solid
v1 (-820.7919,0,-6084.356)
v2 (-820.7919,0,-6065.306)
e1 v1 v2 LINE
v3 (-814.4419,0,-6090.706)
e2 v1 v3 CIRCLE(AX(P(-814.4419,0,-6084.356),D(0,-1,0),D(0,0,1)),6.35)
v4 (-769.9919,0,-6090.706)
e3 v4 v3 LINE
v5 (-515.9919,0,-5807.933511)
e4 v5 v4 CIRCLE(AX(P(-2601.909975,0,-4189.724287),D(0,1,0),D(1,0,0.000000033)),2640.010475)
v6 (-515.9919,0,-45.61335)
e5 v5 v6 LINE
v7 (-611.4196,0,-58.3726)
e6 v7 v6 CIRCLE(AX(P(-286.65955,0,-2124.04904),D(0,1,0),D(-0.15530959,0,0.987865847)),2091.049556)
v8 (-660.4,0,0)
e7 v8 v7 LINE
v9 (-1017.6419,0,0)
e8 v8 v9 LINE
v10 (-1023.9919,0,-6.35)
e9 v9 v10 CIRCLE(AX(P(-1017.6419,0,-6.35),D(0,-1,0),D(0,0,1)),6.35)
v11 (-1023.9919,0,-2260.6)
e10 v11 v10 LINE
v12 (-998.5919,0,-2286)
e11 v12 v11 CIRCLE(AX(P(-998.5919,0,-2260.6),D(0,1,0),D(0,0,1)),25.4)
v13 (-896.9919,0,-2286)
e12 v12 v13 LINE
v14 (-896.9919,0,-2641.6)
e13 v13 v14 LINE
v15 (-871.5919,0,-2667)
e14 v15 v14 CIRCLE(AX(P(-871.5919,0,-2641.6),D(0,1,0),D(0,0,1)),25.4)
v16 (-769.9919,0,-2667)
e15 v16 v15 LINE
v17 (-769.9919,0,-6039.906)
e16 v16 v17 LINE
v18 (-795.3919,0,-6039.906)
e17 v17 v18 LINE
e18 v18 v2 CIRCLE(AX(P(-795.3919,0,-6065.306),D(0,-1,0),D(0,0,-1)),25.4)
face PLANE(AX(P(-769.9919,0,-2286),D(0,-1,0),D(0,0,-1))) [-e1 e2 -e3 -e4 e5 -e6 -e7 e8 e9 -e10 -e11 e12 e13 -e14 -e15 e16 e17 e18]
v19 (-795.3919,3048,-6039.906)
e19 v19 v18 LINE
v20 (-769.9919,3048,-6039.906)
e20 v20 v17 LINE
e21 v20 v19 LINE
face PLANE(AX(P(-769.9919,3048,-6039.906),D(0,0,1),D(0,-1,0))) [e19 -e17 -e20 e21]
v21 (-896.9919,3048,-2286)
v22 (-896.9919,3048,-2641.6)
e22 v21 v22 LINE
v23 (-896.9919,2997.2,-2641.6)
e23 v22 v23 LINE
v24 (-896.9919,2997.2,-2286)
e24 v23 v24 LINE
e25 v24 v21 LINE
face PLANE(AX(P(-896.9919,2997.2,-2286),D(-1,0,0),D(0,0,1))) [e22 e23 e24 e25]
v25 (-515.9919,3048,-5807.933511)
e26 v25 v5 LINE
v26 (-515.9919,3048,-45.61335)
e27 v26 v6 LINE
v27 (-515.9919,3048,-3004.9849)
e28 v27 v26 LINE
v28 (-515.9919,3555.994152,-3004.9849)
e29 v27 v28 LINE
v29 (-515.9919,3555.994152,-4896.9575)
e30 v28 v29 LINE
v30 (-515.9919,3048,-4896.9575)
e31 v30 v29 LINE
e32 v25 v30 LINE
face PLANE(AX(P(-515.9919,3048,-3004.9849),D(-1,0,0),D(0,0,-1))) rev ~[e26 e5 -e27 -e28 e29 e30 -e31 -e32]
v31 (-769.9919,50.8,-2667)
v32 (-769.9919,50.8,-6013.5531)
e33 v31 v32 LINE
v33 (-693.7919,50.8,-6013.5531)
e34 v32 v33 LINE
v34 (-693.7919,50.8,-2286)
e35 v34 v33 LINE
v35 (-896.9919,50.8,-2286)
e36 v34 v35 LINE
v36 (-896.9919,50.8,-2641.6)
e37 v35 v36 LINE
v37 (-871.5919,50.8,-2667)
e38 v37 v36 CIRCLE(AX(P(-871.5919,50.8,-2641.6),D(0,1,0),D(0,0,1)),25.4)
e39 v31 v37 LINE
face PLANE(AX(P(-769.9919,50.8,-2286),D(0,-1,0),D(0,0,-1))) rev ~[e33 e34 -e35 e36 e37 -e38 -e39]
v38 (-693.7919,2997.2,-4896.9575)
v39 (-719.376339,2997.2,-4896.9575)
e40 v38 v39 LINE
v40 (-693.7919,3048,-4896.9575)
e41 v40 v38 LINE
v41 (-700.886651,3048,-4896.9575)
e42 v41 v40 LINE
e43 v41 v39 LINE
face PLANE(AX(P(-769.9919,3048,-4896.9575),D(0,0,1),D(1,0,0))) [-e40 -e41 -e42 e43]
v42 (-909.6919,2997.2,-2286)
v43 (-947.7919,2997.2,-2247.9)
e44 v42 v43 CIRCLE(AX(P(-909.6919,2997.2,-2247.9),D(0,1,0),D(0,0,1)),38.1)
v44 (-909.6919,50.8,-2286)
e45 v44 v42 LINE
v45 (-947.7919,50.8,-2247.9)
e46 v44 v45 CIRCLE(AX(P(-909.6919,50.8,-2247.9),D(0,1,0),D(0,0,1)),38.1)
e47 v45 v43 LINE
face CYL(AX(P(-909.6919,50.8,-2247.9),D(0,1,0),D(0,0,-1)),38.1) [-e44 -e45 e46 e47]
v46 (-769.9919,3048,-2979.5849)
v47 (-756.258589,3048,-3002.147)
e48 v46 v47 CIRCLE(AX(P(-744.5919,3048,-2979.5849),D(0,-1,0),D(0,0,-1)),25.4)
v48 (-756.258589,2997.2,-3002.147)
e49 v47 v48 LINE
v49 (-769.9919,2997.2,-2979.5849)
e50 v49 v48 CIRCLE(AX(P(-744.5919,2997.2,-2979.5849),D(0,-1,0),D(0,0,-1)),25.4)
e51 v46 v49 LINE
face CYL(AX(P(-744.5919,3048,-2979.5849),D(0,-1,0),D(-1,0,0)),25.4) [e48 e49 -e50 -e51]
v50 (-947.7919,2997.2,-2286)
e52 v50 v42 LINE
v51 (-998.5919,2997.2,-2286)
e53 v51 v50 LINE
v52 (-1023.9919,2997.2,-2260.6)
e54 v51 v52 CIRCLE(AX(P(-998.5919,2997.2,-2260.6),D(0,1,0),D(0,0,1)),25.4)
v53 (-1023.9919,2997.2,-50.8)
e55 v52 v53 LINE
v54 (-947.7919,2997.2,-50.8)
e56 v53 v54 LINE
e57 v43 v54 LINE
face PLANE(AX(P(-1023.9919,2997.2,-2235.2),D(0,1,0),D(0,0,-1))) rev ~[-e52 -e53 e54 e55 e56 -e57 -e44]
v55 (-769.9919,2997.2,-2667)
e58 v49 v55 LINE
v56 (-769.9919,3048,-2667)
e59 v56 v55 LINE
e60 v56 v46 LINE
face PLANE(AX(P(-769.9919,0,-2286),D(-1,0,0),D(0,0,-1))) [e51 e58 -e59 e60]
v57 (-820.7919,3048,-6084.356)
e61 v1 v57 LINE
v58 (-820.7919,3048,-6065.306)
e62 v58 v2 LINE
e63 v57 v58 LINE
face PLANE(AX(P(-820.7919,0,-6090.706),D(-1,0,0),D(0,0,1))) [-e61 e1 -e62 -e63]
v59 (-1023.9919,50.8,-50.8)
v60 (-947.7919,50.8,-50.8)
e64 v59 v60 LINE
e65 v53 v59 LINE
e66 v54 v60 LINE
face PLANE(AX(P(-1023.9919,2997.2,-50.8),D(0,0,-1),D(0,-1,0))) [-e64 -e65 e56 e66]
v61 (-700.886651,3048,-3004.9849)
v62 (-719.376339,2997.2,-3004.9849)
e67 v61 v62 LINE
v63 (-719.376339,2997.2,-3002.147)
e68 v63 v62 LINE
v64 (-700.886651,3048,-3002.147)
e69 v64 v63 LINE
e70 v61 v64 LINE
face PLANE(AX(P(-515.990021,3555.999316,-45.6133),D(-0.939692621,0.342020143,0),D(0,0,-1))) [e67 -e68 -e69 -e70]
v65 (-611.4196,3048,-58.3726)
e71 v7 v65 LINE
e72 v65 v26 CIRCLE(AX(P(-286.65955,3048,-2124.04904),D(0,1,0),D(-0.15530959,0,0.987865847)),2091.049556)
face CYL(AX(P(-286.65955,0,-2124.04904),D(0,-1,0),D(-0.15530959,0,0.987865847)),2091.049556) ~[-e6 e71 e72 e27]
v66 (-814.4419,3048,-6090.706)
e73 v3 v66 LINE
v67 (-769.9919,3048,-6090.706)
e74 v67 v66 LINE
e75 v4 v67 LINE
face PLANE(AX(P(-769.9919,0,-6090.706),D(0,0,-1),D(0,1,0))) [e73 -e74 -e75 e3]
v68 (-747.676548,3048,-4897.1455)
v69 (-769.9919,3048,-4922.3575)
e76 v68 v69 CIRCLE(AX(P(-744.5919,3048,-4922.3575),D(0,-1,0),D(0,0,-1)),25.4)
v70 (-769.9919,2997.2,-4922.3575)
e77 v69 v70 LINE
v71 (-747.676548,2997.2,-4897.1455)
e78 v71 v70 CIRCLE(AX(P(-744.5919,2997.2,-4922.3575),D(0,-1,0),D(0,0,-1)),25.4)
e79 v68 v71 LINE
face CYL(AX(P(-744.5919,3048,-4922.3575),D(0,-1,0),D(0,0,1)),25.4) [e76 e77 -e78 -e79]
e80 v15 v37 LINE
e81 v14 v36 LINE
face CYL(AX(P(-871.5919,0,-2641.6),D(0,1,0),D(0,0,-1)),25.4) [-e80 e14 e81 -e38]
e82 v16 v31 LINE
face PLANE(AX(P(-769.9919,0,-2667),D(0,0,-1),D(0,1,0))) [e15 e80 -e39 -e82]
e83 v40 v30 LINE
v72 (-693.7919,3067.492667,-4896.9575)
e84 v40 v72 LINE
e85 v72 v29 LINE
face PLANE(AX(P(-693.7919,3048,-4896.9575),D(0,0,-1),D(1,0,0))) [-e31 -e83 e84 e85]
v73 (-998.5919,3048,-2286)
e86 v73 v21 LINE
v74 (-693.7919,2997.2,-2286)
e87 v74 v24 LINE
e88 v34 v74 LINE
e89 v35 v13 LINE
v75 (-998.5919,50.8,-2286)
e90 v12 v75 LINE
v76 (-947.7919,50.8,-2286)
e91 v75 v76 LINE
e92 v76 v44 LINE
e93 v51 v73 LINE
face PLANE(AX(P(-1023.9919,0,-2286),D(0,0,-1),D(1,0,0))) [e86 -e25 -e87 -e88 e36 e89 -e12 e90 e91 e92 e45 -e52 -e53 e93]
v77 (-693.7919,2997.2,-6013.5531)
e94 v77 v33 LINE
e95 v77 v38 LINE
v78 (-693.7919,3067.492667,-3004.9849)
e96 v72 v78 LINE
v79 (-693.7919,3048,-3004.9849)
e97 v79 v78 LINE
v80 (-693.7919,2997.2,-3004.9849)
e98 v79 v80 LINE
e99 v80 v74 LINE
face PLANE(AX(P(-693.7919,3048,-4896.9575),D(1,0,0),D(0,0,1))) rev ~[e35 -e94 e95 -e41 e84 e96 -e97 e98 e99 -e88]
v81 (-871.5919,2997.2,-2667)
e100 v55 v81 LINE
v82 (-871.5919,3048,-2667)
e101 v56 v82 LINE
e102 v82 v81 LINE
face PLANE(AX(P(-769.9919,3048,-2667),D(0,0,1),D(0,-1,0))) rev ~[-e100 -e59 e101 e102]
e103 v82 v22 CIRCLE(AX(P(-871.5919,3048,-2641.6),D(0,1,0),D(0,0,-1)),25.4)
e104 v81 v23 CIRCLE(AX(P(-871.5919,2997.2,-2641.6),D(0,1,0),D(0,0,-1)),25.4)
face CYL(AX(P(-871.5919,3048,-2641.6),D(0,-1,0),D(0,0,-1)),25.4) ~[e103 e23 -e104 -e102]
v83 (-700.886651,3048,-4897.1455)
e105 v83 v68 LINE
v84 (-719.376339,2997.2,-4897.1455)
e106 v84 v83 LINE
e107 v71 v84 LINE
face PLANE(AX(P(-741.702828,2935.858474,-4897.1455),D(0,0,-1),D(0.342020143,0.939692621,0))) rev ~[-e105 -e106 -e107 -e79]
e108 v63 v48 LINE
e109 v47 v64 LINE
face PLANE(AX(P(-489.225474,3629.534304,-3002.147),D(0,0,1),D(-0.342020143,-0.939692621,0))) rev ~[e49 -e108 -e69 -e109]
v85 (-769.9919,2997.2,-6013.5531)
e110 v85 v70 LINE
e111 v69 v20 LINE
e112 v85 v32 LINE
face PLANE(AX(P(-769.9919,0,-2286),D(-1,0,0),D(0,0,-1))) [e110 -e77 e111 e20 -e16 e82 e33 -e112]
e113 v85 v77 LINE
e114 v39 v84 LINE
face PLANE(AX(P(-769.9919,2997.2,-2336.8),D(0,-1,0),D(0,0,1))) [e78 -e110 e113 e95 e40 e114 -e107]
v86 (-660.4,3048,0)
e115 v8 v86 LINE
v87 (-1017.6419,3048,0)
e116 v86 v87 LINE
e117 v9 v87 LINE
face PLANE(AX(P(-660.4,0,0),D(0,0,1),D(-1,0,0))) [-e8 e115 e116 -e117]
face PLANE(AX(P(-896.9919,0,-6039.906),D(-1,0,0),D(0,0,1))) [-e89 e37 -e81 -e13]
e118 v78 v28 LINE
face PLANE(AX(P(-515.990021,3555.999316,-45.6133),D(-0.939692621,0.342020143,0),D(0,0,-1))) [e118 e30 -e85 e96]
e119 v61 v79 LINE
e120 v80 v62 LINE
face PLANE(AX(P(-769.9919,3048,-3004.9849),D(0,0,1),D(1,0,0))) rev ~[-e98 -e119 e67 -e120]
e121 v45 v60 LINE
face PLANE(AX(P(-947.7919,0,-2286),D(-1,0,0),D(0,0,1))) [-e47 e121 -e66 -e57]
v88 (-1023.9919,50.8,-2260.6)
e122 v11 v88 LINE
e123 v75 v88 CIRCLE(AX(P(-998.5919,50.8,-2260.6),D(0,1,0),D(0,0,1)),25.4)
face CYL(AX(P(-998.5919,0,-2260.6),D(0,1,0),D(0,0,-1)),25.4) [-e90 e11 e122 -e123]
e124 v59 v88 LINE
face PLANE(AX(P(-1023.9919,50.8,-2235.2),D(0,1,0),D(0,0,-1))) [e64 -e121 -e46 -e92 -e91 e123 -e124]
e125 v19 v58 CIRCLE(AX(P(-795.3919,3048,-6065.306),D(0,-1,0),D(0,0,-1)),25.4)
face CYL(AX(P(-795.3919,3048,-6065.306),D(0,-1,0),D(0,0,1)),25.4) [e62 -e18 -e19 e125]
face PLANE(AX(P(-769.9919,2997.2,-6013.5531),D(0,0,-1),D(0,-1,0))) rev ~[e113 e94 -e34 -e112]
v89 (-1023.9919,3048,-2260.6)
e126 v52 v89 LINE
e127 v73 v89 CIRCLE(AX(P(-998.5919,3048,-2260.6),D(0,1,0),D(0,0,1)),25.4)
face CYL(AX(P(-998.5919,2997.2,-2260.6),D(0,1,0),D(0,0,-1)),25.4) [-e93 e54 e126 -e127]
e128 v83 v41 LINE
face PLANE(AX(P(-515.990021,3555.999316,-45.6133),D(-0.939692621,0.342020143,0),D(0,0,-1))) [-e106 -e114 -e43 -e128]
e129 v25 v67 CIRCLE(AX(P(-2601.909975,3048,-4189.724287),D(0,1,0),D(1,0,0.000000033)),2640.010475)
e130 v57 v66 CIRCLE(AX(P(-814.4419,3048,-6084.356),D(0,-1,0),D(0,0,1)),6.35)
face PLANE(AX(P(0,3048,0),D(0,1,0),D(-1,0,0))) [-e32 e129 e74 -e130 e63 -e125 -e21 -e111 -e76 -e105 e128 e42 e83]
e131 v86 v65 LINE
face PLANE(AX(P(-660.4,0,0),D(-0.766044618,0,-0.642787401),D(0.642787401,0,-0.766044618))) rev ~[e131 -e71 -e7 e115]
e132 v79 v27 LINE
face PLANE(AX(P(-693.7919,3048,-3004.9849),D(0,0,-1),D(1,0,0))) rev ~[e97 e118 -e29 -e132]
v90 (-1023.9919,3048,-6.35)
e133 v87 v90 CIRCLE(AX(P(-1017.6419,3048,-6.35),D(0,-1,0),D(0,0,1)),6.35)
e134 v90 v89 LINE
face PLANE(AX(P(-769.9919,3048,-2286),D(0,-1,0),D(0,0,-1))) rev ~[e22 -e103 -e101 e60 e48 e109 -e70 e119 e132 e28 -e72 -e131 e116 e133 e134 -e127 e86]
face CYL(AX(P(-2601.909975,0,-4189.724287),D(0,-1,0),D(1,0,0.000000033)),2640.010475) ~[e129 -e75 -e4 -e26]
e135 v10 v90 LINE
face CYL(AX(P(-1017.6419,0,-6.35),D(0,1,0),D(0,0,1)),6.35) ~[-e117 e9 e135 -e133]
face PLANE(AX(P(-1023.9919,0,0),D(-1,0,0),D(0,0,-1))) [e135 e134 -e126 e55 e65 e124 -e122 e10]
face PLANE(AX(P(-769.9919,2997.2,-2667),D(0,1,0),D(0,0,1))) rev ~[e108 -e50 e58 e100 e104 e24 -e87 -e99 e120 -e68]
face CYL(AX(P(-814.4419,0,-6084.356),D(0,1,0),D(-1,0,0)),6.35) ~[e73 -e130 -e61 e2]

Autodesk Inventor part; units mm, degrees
ref_plane "YZ Plane" through (0, 0, 0) normal (1, 0, 0) x (0, 1, 0)
ref_plane "XZ Plane" through (0, 0, 0) normal (0, 1, 0) x (-1, 0, 0)
sketch "Sketch1" plane through (0, 0, 0) normal (0, 1, 0) x (-1, 0, 0)
  line L0 (0, 0) -> (1023.9919, 0)
  line L1 (1023.9919, 0) -> (1023.9919, -167.3096)
  line L2 (0, 0) -> (508, 0)
  line L3 (1023.9919, 0) -> (660.4, 0)
  line L4 (660.4, 0) -> (611.4196, -58.3726)
  arc A0 (611.4196, -58.3726) -> (-38.1005, -58.3726) centre (286.6596, -2124.0484) ccw
  line L5 (1023.9919, 0) -> (660.4, 0)
  line L6 (769.9919, -2286) -> (769.9919, -6090.706)
  arc A1 (-38.1005, -4189.7242) -> (769.9919, -6090.706) centre (2601.9104, -4189.7242) ccw
  line L7 (-38.1005, -58.3726) -> (-38.1005, -4189.7242)
  line L8 (1023.9919, 0) -> (1023.9919, -2286)
  line L9 (1023.9919, -2286) -> (769.9919, -2286)
  dimension "d1" = 6096
  dimension "d2" = 508
  dimension "d11" = 76.2
  dimension "d12" = 130
  dimension "d49" = 2286
  dimension "d51" = 254
extrude "Extrusion1" add sketch "Sketch1" along normal blind 3048
sketch "Sketch6" plane through (-769.9919, 0, -6090.706) normal (-1, 0, 0) x (0, 0, 1)
  line L0 (0, 0) -> (0, 3048) projected
  line L1 (0, 0) -> (3804.706, 0) projected
  line L2 (0, 3048) -> (50.8, 3048)
  line L3 (50.8, 3048) -> (50.8, 0)
  line L4 (50.8, 0) -> (0, 0)
  line L5 (0, 0) -> (0, 3048)
  point P0 (6090.706, 0)
  dimension "d33" = 50.8
extrude "Extrusion6" add sketch "Sketch6" along normal blind 50.8
fillet "Fillet1" radius 25.4 1 edges at (-820.7919, 1524, -6039.906)
fillet "Fillet2" radius 6.35 1 edges at (-820.7919, 1524, -6090.706)
fillet "Fillet4" radius 25.4 1 edges at (38.1005, 1524, -58.3726)
fillet "Fillet7" radius 6.35 1 edges at (-1023.9919, 1524, 0)
sketch "Sketch11" plane through (-769.9919, 0, -2286) normal (-1, 0, 0) x (0, 0, 1)
  line L0 (0, 0) -> (0, 3048) projected
  line L1 (-3753.906, 0) -> (0, 0) projected
  line L2 (0, 3048) -> (-3753.906, 3048)
  line L3 (-3753.906, 3048) -> (-3753.906, 0)
  line L4 (-3753.906, 0) -> (0, 0)
  line L5 (0, 0) -> (0, 3048)
  line L6 (-3753.906, 0) -> (0, 0)
  line L7 (0, 0) -> (0, 3048)
  line L8 (0, 3048) -> (-3753.906, 3048)
  line L9 (-3753.906, 3048) -> (-3753.906, 0)
  line L10 (-50.8, 2997.2) -> (-3727.5531, 2997.2)
  line L11 (-3727.5531, 2997.2) -> (-3727.5531, 50.8)
  line L12 (-3727.5531, 50.8) -> (-50.8, 50.8)
  line L13 (-50.8, 50.8) -> (0, 50.8)
  line L14 (-50.8, 2997.2) -> (0, 2997.2)
  point P0 (2286, 0)
  dimension "d55" = 50.8
  dimension "d56" = 50.8
extrude "Extrusion9" cut sketch "Sketch11" against normal blind 76.2 contours L13 L12 L11 L10 L14 L0
ref_plane "Work Plane12" through (-515.9919, 0, -1905) normal (-1, 0, 0) x (0, 0, 1)
sketch "Sketch12" plane through (-515.9919, 0, -1905) normal (-1, 0, 0) x (0, 0, 1)
  line L0 (2216.3698, -160.707) -> (-4488.1257, -160.707)
  line L1 (-4488.1257, -160.707) -> (-4488.1257, 3204.096)
  line L2 (-4488.1257, 3204.096) -> (2216.3698, 3204.096)
  line L3 (2216.3698, 3204.096) -> (2216.3698, -160.707)
  point P0 (1905, 0)
extrude "Extrusion10" cut sketch "Sketch12" against normal blind 1270
ref_plane "Work Plane13" through (-515.9919, 3048, -3043.1155) normal (1, 0, 0) x (0, 0, -1)
sketch "Sketch13" plane through (0, 3048, 0) normal (0, 1, 0) x (1, 0, 0)
  line L0 (-769.9919, 6039.906) -> (-769.9919, 2286) projected
  line L1 (-769.9919, 2286) -> (-769.9919, 3004.9849)
  line L2 (-769.9919, 6039.9575) -> (-769.9919, 4896.9575)
  line L3 (-769.9919, 3004.9849) -> (-693.7919, 3004.9849)
  line L4 (-693.7919, 3004.9849) -> (-693.7919, 4896.9575)
  line L5 (-693.7919, 6013.5531) -> (-693.7919, 2286) projected
  line L6 (-769.9919, 4896.9575) -> (-693.7919, 4896.9575)
  point P0 (0, 0)
  point P1 (-693.7919, 6014.208)
  dimension "d62" = 1143
  dimension "d63" = 76.2
extrude "Extrusion11" cut sketch "Sketch13" against normal blind 1524
fillet "Fillet8" radius 25.4 1 edges at (-769.9919, 3022.6, -3004.9849)
fillet "Fillet10" radius 25.4 1 edges at (-769.9919, 3022.6, -4896.9575)
sketch "Sketch14" plane through (0, 3048, 0) normal (0, 1, 0) x (1, 0, 0)
  line L0 (-693.7919, 4896.9575) -> (-693.7919, 3004.9849) projected
  line L1 (-693.7919, 4896.9575) -> (-515.9919, 4896.9575)
  line L2 (-515.9919, 45.6133) -> (-515.9919, 5807.9335) projected
  line L3 (-693.7919, 3004.9849) -> (-515.9919, 3004.9849)
  line L4 (-515.9919, 3004.9849) -> (-515.9919, 4896.9575)
  line L5 (-515.9919, 4896.9575) -> (-693.7919, 4896.9575)
  line L6 (-693.7919, 4896.9575) -> (-693.7919, 3004.9849)
  point P0 (0, 0)
extrude "Extrusion12" add sketch "Sketch14" along normal blind 508
ref_plane "Work Plane17" through (-515.9919, 3556, -45.6133) normal (-0.9397, 0.342, 0) x (0, 0, -1)
sketch "Sketch15" plane through (-515.9919, 3556, -45.6133) normal (-0.9397, 0.342, 0) x (0, 0, -1)
  line L0 (2956.5337, 659.9401) -> (4851.5322, 659.9401)
  line L1 (4851.5322, 659.9401) -> (4851.5322, -78.2543)
  line L2 (4851.5322, -78.2543) -> (2956.5337, -78.2543)
  line L3 (2956.5337, -78.2543) -> (2956.5337, 659.9401)
  point P0 (-45.6133, 3165.0673)
extrude "Extrusion13" cut sketch "Sketch15" along normal blind 508
sketch "Sketch16" plane through (-769.9919, 2997.2, -2286) normal (-1, 0, 0) x (0, 0, 1)
  line L0 (0, 50.8) -> (-718.9849, 50.8)
  line L1 (-718.9849, 50.8) -> (-718.9849, 203.1957)
  line L2 (-693.5849, 50.8) -> (0, 50.8) projected
  line L3 (-718.9849, 0) -> (0, 0) projected
  line L4 (0, 50.8) -> (-718.9849, 50.8)
  line L5 (-718.9849, 50.8) -> (-718.9849, 0)
  line L6 (-718.9849, 0) -> (0, 0)
  line L7 (0, 0) -> (0, 50.8)
  line L8 (0, 50.8) -> (-381, 50.8)
  line L9 (-381, 50.8) -> (-381, 0)
  line L10 (-381, 0) -> (0, 0)
  line L11 (0, 0) -> (0, 50.8)
  point P0 (2286, -2997.2)
  point P1 (-381, 50.8)
  point P2 (-381, 0)
  point P3 (0, 0)
  dimension "d78" = 381
extrude "Extrusion14" add sketch "Sketch16" along normal blind 127 contours L7 L3 L9 L0
fillet "Fillet13" radius 25.4 1 edges at (-896.9919, 3022.6, -2667)
sketch "Sketch17" plane through (-769.9919, 0, -6039.906) normal (-1, 0, 0) x (0, 0, 1)
  line L0 (3753.906, 50.8) -> (26.3529, 50.8) projected
  line L1 (3753.906, 0) -> (3372.906, 0)
  line L2 (3372.906, 0) -> (3372.906, 50.8)
  line L3 (3372.906, 50.8) -> (3753.906, 50.8)
  line L4 (3753.906, 50.8) -> (3753.906, 0)
  point P0 (6039.906, 0)
  point P1 (25.698, 50.8)
  dimension "d83" = 381
extrude "Extrusion15" add sketch "Sketch17" along normal blind 127
fillet "Fillet15" radius 25.4 1 edges at (-896.9919, 25.4, -2667)
sketch "Sketch18" plane through (-1023.9919, 0, -2286) normal (-1, 0, 0) x (0, 0, 1)
  line L0 (0, 3048) -> (-355.6, 3048) projected
  line L1 (2286, 0) -> (0, 0)
  line L2 (0, 0) -> (0, 3048)
  line L3 (0, 3048) -> (2286, 3048)
  line L4 (2286, 3048) -> (2286, 0)
  line L5 (2235.2, 50.8) -> (50.8, 50.8)
  line L6 (50.8, 2997.2) -> (2235.2, 2997.2)
  line L7 (2235.2, 2997.2) -> (2235.2, 50.8)
  line L8 (50.8, 2997.2) -> (0, 2997.2)
  line L9 (0, 0) -> (0, 3048) projected
  line L10 (50.8, 50.8) -> (0, 50.8)
  point P0 (0, 2997.2)
  dimension "d88" = 50.8
extrude "Extrusion16" cut sketch "Sketch18" against normal blind 76.2 contours L2 L8 L6 L7 L5 L10
fillet "Fillet17" radius 25.4 1 edges at (-1023.9919, 3022.6, -2286)
fillet "Fillet18" radius 25.4 1 edges at (-1023.9919, 25.4, -2286)
fillet "Fillet19" radius 38.1 1 edges at (-947.7919, 1524, -2286)
properties part number "ShipDesign-ver4-1111-2021" material "Wood (Oak)"
